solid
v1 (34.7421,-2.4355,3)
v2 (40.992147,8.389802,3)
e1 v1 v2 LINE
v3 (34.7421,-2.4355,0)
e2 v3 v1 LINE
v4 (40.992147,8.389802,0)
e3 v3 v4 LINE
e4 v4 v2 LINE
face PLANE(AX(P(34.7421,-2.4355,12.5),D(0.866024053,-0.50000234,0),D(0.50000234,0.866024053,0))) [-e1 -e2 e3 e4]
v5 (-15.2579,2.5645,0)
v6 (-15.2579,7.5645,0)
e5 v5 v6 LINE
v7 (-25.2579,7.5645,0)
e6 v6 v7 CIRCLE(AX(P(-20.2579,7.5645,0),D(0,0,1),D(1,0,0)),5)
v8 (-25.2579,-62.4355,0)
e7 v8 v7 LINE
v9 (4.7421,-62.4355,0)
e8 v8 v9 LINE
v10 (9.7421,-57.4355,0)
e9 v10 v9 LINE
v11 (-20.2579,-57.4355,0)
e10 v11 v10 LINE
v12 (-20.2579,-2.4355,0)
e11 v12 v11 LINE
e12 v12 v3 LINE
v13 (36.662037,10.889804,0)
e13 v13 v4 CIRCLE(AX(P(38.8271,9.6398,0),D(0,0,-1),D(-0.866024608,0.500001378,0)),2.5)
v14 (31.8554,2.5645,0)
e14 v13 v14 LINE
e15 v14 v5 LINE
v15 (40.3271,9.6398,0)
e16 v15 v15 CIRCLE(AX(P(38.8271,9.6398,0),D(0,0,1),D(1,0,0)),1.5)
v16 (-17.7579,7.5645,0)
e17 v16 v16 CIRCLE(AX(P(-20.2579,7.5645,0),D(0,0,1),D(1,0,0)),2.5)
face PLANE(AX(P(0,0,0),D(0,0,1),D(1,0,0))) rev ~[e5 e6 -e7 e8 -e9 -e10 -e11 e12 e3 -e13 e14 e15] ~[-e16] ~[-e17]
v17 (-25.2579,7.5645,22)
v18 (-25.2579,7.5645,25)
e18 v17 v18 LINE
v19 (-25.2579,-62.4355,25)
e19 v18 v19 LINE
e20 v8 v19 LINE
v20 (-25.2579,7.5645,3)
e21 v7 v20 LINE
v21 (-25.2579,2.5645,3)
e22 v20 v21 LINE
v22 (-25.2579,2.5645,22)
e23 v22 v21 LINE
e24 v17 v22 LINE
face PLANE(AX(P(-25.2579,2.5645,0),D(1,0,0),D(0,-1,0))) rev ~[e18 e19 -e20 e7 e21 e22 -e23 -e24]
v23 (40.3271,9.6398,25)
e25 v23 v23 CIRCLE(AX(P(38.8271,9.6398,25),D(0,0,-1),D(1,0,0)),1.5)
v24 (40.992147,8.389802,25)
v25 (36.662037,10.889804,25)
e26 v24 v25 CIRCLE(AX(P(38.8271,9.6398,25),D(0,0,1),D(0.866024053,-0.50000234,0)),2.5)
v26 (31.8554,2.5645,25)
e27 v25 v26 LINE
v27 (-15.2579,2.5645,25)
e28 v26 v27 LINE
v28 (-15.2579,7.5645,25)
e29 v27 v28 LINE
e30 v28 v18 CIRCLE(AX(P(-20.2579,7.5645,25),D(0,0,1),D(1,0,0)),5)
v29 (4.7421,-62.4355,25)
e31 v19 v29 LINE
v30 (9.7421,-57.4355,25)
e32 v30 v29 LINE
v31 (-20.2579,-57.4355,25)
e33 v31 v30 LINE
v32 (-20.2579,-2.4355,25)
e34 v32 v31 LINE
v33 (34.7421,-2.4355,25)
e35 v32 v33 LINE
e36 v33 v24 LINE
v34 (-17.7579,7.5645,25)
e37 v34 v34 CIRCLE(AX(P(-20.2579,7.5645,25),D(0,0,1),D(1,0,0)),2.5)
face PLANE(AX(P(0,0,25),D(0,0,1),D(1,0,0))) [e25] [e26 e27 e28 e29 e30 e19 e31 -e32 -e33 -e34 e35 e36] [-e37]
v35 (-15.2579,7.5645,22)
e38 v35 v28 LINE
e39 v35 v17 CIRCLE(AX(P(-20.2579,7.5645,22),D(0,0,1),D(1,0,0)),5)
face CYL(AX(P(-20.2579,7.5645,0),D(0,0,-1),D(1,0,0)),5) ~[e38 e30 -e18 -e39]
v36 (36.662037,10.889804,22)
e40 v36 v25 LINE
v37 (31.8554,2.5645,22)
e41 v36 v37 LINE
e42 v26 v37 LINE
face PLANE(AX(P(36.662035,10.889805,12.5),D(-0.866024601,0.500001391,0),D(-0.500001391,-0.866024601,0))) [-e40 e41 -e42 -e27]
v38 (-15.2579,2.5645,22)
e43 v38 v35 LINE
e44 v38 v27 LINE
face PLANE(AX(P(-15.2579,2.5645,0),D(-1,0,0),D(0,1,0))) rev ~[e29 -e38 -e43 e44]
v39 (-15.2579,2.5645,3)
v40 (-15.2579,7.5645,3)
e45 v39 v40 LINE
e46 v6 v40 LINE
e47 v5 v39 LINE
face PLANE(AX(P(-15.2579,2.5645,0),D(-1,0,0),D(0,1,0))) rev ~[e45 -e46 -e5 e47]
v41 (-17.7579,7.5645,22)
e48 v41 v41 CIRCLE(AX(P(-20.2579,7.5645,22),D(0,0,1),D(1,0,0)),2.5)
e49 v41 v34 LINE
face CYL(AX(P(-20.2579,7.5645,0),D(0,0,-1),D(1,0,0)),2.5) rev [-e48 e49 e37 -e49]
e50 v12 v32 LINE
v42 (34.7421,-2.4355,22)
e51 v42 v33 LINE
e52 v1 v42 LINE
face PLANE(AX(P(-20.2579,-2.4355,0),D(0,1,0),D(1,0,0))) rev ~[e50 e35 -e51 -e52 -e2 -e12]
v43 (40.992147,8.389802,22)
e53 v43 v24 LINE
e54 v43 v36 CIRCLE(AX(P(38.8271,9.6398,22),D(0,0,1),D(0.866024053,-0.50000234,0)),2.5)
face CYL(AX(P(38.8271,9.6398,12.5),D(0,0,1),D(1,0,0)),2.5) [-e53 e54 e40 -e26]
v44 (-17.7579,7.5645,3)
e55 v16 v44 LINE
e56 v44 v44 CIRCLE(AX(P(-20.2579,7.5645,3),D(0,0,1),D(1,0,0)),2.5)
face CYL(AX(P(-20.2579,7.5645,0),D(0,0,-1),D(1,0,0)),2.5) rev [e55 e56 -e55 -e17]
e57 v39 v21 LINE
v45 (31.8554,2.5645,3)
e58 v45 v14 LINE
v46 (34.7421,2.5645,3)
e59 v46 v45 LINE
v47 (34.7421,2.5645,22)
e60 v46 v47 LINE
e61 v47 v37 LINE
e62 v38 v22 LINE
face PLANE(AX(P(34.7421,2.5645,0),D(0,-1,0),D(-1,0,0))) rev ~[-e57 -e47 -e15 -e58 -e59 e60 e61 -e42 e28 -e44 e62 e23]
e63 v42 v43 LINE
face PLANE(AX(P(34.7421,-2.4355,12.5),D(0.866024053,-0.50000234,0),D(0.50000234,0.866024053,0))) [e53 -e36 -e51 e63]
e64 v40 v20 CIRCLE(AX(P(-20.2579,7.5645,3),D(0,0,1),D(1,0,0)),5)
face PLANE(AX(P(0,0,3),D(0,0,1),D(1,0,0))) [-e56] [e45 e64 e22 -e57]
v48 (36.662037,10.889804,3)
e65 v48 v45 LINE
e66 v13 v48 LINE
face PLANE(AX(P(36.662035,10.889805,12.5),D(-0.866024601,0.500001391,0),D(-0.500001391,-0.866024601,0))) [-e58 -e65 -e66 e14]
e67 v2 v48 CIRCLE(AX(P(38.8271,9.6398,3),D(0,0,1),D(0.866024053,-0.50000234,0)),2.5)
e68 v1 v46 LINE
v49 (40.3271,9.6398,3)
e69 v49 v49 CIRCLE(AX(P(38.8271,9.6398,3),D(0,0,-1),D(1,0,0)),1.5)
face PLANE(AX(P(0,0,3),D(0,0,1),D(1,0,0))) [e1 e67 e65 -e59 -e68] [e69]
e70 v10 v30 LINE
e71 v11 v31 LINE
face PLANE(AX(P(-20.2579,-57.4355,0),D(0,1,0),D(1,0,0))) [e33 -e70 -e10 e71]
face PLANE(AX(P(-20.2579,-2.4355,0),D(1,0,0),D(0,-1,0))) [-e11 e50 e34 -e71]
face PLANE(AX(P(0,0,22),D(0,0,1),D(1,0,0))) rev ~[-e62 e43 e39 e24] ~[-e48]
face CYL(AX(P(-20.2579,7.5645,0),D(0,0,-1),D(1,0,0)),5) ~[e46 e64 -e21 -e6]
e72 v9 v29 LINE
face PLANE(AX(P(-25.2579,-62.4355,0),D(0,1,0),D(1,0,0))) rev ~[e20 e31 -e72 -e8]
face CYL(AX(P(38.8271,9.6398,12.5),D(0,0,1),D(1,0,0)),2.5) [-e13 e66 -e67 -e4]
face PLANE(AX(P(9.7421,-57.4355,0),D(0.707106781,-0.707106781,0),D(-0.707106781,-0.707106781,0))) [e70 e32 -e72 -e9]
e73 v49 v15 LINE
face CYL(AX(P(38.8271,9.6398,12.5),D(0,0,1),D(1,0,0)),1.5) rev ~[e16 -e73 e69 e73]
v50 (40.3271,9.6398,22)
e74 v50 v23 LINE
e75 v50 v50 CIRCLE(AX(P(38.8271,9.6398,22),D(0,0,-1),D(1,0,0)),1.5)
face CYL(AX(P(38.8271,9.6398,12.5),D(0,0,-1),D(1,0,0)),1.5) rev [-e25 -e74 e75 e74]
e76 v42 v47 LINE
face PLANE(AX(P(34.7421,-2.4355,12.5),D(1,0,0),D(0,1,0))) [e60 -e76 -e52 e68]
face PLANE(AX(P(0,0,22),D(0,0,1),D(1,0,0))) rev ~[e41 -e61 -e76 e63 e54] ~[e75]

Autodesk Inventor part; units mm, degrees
ref_plane "YZ Plane" through (0, 0, 0) normal (1, 0, 0) x (0, 1, 0)
ref_plane "XZ Plane" through (0, 0, 0) normal (0, 1, 0) x (-1, 0, 0)
ref_plane "XY Plane" through (0, 0, 0) normal (0, 0, 1) x (1, 0, 0)
sketch "Sketch1" plane through (0, 0, 0) normal (0, 0, 1) x (1, 0, 0)
  circle A0 centre (-20.2579, 7.5645) radius 2.5
  line L0 (34.7421, -2.4355) -> (34.7421, 2.5645)
  line L1 (34.7421, 2.5645) -> (-15.2579, 2.5645)
  line L2 (-15.2579, 2.5645) -> (-15.2579, 7.5645)
  arc A1 (-15.2579, 7.5645) -> (-25.2579, 7.5645) centre (-20.2579, 7.5645) ccw
  line L3 (-25.2579, 7.5645) -> (-25.2579, -62.4355)
  line L4 (-25.2579, -62.4355) -> (4.7421, -62.4355)
  line L5 (9.7421, -57.4355) -> (4.7421, -62.4355)
  line L6 (-20.2579, -57.4355) -> (9.7421, -57.4355)
  line L7 (-20.2579, -2.4355) -> (-20.2579, -57.4355)
  line L8 (-20.2579, -2.4355) -> (34.7421, -2.4355)
  line L9 (-15.2579, 2.5645) -> (-25.2579, 2.5645)
  point P0 (0, 0)
  point P1 (4.7421, 37.5645)
  dimension "d0" = 5
  dimension "d1" = 5
  dimension "d2" = 30
  dimension "d3" = 55
  dimension "d4" = 5
  dimension "d5" = 5
  dimension "d6" = 5
  dimension "d7" = 65
  dimension "d8" = 5
  dimension "d24" = 30
extrude "Extrusion1" add sketch "Sketch1" along normal blind 25
ref_plane "Work Plane1" through (0, 0, 12.5) normal (0, 0, 1) x (1, 0, 0)
sketch "Sketch2" plane through (0, 0, 12.5) normal (0, 0, 1) x (1, 0, 0)
  line L0 (-15.2579, 2.5645) -> (-15.2579, 7.5645) projected
  line L1 (34.7421, 2.5645) -> (-15.2579, 2.5645) projected
  line L2 (34.7421, -2.4355) -> (34.7421, 2.5645) projected
  line L3 (-20.2579, -2.4355) -> (34.7421, -2.4355) projected
  line L4 (-20.2579, -57.4355) -> (-20.2579, -2.4355) projected
  line L5 (9.7421, -57.4355) -> (-20.2579, -57.4355) projected
  line L6 (4.7421, -62.4355) -> (9.7421, -57.4355) projected
  line L7 (-25.2579, -62.4355) -> (4.7421, -62.4355) projected
  line L8 (-25.2579, 7.5645) -> (-25.2579, -62.4355) projected
  arc A0 (-15.2579, 7.5645) -> (-25.2579, 7.5645) centre (-20.2579, 7.5645) ccw projected
  circle A1 centre (-20.2579, 7.5645) radius 2.5 projected
  line L9 (-15.2579, 2.5645) -> (-15.2579, 7.5645) projected
  line L10 (-15.2579, 2.5645) -> (-25.2579, 2.5645)
  line L11 (-25.2579, 7.5645) -> (-25.2579, -62.4355) projected
  point P0 (0, 0)
extrude "Extrusion2" cut sketch "Sketch2" along normal mid plane 19 contours L10 L8 A0 L0
sketch "Sketch3" plane through (0, 0, 12.5) normal (0, 0, 1) x (1, 0, 0)
  line L0 (-20.2579, -2.4355) -> (34.7421, -2.4355) projected
  line L1 (34.7421, -2.4355) -> (42.2421, 10.5548)
  line L2 (34.7421, -2.4355) -> (34.7421, 2.5645) projected
  line L3 (34.7421, 2.5645) -> (40.0771, 11.8048)
  circle A0 centre (38.8271, 9.6398) radius 1.5
  line L4 (34.7421, 2.5645) -> (-15.2579, 2.5645) projected
  line L5 (42.2421, 10.5548) -> (40.0771, 11.8048)
  line L6 (40.0771, 11.8048) -> (37.912, 13.0548)
  line L7 (37.912, 13.0548) -> (31.8554, 2.5645)
  circle A1 centre (38.8271, 9.6398) radius 2.5
  point P0 (0, 0)
  point P1 (36.662, 10.8898)
  point P2 (40.9921, 8.3898)
  dimension "d13" = 15
  dimension "d14" = 30
  dimension "d15" = 3
  dimension "d16" = 2.5
  dimension "d17" = 60
  dimension "d18" = 2.5
  dimension "d19" = 2.5
extrude "Extrusion3" add sketch "Sketch3" along normal mid plane 25 contours L2 L3 A1 L1 | A1 L3 A0 | L4 L7 A1 L3 | A1 L3 A0
extrude "Extrusion4" cut sketch "Sketch3" along normal mid plane 19 contours L2 L3 A1 L1 | A1 L3 A0 | L4 L7 A1 L3 | A1 L3 A0
sketch "Sketch4" plane through (0, 0, 0) normal (0, 0, -1) x (-1, 0, 0)
  circle A0 centre (-38.8271, 9.6398) radius 1.5 projected
  line L0 (15.2579, 2.5645) -> (15.2579, 7.5645) projected
  line L1 (-31.8554, 2.5645) -> (15.2579, 2.5645) projected
  line L2 (-31.8554, 2.5645) -> (-36.662, 10.8898) projected
  arc A1 (-36.662, 10.8898) -> (-40.9921, 8.3898) centre (-38.8271, 9.6398) ccw projected
  line L3 (-40.9921, 8.3898) -> (-34.7421, -2.4355) projected
  line L4 (20.2579, -2.4355) -> (-34.7421, -2.4355) projected
  line L5 (20.2579, -57.4355) -> (20.2579, -2.4355) projected
  line L6 (-9.7421, -57.4355) -> (20.2579, -57.4355) projected
  line L7 (-4.7421, -62.4355) -> (-9.7421, -57.4355) projected
  line L8 (25.2579, -62.4355) -> (-4.7421, -62.4355) projected
  line L9 (25.2579, 7.5645) -> (25.2579, -62.4355) projected
  arc A2 (25.2579, 7.5645) -> (15.2579, 7.5645) centre (20.2579, 7.5645) ccw projected
  circle A3 centre (20.2579, 7.5645) radius 2.5 projected
  line L10 (20.2579, -2.4355) -> (-34.7421, -2.4355) projected
  line L11 (-31.8554, 2.5645) -> (-34.7421, 2.5645) projected
  line L12 (-34.7421, -2.4355) -> (-34.7421, 2.5645)
  line L13 (-34.7421, 2.5645) -> (-31.8554, 2.5645)
  line L14 (-31.8554, 2.5645) -> (25.2579, 2.5645)
  line L15 (25.2579, 7.5645) -> (25.2579, -62.4355) projected
  point P0 (0, 0)
properties part number "Claw New"
